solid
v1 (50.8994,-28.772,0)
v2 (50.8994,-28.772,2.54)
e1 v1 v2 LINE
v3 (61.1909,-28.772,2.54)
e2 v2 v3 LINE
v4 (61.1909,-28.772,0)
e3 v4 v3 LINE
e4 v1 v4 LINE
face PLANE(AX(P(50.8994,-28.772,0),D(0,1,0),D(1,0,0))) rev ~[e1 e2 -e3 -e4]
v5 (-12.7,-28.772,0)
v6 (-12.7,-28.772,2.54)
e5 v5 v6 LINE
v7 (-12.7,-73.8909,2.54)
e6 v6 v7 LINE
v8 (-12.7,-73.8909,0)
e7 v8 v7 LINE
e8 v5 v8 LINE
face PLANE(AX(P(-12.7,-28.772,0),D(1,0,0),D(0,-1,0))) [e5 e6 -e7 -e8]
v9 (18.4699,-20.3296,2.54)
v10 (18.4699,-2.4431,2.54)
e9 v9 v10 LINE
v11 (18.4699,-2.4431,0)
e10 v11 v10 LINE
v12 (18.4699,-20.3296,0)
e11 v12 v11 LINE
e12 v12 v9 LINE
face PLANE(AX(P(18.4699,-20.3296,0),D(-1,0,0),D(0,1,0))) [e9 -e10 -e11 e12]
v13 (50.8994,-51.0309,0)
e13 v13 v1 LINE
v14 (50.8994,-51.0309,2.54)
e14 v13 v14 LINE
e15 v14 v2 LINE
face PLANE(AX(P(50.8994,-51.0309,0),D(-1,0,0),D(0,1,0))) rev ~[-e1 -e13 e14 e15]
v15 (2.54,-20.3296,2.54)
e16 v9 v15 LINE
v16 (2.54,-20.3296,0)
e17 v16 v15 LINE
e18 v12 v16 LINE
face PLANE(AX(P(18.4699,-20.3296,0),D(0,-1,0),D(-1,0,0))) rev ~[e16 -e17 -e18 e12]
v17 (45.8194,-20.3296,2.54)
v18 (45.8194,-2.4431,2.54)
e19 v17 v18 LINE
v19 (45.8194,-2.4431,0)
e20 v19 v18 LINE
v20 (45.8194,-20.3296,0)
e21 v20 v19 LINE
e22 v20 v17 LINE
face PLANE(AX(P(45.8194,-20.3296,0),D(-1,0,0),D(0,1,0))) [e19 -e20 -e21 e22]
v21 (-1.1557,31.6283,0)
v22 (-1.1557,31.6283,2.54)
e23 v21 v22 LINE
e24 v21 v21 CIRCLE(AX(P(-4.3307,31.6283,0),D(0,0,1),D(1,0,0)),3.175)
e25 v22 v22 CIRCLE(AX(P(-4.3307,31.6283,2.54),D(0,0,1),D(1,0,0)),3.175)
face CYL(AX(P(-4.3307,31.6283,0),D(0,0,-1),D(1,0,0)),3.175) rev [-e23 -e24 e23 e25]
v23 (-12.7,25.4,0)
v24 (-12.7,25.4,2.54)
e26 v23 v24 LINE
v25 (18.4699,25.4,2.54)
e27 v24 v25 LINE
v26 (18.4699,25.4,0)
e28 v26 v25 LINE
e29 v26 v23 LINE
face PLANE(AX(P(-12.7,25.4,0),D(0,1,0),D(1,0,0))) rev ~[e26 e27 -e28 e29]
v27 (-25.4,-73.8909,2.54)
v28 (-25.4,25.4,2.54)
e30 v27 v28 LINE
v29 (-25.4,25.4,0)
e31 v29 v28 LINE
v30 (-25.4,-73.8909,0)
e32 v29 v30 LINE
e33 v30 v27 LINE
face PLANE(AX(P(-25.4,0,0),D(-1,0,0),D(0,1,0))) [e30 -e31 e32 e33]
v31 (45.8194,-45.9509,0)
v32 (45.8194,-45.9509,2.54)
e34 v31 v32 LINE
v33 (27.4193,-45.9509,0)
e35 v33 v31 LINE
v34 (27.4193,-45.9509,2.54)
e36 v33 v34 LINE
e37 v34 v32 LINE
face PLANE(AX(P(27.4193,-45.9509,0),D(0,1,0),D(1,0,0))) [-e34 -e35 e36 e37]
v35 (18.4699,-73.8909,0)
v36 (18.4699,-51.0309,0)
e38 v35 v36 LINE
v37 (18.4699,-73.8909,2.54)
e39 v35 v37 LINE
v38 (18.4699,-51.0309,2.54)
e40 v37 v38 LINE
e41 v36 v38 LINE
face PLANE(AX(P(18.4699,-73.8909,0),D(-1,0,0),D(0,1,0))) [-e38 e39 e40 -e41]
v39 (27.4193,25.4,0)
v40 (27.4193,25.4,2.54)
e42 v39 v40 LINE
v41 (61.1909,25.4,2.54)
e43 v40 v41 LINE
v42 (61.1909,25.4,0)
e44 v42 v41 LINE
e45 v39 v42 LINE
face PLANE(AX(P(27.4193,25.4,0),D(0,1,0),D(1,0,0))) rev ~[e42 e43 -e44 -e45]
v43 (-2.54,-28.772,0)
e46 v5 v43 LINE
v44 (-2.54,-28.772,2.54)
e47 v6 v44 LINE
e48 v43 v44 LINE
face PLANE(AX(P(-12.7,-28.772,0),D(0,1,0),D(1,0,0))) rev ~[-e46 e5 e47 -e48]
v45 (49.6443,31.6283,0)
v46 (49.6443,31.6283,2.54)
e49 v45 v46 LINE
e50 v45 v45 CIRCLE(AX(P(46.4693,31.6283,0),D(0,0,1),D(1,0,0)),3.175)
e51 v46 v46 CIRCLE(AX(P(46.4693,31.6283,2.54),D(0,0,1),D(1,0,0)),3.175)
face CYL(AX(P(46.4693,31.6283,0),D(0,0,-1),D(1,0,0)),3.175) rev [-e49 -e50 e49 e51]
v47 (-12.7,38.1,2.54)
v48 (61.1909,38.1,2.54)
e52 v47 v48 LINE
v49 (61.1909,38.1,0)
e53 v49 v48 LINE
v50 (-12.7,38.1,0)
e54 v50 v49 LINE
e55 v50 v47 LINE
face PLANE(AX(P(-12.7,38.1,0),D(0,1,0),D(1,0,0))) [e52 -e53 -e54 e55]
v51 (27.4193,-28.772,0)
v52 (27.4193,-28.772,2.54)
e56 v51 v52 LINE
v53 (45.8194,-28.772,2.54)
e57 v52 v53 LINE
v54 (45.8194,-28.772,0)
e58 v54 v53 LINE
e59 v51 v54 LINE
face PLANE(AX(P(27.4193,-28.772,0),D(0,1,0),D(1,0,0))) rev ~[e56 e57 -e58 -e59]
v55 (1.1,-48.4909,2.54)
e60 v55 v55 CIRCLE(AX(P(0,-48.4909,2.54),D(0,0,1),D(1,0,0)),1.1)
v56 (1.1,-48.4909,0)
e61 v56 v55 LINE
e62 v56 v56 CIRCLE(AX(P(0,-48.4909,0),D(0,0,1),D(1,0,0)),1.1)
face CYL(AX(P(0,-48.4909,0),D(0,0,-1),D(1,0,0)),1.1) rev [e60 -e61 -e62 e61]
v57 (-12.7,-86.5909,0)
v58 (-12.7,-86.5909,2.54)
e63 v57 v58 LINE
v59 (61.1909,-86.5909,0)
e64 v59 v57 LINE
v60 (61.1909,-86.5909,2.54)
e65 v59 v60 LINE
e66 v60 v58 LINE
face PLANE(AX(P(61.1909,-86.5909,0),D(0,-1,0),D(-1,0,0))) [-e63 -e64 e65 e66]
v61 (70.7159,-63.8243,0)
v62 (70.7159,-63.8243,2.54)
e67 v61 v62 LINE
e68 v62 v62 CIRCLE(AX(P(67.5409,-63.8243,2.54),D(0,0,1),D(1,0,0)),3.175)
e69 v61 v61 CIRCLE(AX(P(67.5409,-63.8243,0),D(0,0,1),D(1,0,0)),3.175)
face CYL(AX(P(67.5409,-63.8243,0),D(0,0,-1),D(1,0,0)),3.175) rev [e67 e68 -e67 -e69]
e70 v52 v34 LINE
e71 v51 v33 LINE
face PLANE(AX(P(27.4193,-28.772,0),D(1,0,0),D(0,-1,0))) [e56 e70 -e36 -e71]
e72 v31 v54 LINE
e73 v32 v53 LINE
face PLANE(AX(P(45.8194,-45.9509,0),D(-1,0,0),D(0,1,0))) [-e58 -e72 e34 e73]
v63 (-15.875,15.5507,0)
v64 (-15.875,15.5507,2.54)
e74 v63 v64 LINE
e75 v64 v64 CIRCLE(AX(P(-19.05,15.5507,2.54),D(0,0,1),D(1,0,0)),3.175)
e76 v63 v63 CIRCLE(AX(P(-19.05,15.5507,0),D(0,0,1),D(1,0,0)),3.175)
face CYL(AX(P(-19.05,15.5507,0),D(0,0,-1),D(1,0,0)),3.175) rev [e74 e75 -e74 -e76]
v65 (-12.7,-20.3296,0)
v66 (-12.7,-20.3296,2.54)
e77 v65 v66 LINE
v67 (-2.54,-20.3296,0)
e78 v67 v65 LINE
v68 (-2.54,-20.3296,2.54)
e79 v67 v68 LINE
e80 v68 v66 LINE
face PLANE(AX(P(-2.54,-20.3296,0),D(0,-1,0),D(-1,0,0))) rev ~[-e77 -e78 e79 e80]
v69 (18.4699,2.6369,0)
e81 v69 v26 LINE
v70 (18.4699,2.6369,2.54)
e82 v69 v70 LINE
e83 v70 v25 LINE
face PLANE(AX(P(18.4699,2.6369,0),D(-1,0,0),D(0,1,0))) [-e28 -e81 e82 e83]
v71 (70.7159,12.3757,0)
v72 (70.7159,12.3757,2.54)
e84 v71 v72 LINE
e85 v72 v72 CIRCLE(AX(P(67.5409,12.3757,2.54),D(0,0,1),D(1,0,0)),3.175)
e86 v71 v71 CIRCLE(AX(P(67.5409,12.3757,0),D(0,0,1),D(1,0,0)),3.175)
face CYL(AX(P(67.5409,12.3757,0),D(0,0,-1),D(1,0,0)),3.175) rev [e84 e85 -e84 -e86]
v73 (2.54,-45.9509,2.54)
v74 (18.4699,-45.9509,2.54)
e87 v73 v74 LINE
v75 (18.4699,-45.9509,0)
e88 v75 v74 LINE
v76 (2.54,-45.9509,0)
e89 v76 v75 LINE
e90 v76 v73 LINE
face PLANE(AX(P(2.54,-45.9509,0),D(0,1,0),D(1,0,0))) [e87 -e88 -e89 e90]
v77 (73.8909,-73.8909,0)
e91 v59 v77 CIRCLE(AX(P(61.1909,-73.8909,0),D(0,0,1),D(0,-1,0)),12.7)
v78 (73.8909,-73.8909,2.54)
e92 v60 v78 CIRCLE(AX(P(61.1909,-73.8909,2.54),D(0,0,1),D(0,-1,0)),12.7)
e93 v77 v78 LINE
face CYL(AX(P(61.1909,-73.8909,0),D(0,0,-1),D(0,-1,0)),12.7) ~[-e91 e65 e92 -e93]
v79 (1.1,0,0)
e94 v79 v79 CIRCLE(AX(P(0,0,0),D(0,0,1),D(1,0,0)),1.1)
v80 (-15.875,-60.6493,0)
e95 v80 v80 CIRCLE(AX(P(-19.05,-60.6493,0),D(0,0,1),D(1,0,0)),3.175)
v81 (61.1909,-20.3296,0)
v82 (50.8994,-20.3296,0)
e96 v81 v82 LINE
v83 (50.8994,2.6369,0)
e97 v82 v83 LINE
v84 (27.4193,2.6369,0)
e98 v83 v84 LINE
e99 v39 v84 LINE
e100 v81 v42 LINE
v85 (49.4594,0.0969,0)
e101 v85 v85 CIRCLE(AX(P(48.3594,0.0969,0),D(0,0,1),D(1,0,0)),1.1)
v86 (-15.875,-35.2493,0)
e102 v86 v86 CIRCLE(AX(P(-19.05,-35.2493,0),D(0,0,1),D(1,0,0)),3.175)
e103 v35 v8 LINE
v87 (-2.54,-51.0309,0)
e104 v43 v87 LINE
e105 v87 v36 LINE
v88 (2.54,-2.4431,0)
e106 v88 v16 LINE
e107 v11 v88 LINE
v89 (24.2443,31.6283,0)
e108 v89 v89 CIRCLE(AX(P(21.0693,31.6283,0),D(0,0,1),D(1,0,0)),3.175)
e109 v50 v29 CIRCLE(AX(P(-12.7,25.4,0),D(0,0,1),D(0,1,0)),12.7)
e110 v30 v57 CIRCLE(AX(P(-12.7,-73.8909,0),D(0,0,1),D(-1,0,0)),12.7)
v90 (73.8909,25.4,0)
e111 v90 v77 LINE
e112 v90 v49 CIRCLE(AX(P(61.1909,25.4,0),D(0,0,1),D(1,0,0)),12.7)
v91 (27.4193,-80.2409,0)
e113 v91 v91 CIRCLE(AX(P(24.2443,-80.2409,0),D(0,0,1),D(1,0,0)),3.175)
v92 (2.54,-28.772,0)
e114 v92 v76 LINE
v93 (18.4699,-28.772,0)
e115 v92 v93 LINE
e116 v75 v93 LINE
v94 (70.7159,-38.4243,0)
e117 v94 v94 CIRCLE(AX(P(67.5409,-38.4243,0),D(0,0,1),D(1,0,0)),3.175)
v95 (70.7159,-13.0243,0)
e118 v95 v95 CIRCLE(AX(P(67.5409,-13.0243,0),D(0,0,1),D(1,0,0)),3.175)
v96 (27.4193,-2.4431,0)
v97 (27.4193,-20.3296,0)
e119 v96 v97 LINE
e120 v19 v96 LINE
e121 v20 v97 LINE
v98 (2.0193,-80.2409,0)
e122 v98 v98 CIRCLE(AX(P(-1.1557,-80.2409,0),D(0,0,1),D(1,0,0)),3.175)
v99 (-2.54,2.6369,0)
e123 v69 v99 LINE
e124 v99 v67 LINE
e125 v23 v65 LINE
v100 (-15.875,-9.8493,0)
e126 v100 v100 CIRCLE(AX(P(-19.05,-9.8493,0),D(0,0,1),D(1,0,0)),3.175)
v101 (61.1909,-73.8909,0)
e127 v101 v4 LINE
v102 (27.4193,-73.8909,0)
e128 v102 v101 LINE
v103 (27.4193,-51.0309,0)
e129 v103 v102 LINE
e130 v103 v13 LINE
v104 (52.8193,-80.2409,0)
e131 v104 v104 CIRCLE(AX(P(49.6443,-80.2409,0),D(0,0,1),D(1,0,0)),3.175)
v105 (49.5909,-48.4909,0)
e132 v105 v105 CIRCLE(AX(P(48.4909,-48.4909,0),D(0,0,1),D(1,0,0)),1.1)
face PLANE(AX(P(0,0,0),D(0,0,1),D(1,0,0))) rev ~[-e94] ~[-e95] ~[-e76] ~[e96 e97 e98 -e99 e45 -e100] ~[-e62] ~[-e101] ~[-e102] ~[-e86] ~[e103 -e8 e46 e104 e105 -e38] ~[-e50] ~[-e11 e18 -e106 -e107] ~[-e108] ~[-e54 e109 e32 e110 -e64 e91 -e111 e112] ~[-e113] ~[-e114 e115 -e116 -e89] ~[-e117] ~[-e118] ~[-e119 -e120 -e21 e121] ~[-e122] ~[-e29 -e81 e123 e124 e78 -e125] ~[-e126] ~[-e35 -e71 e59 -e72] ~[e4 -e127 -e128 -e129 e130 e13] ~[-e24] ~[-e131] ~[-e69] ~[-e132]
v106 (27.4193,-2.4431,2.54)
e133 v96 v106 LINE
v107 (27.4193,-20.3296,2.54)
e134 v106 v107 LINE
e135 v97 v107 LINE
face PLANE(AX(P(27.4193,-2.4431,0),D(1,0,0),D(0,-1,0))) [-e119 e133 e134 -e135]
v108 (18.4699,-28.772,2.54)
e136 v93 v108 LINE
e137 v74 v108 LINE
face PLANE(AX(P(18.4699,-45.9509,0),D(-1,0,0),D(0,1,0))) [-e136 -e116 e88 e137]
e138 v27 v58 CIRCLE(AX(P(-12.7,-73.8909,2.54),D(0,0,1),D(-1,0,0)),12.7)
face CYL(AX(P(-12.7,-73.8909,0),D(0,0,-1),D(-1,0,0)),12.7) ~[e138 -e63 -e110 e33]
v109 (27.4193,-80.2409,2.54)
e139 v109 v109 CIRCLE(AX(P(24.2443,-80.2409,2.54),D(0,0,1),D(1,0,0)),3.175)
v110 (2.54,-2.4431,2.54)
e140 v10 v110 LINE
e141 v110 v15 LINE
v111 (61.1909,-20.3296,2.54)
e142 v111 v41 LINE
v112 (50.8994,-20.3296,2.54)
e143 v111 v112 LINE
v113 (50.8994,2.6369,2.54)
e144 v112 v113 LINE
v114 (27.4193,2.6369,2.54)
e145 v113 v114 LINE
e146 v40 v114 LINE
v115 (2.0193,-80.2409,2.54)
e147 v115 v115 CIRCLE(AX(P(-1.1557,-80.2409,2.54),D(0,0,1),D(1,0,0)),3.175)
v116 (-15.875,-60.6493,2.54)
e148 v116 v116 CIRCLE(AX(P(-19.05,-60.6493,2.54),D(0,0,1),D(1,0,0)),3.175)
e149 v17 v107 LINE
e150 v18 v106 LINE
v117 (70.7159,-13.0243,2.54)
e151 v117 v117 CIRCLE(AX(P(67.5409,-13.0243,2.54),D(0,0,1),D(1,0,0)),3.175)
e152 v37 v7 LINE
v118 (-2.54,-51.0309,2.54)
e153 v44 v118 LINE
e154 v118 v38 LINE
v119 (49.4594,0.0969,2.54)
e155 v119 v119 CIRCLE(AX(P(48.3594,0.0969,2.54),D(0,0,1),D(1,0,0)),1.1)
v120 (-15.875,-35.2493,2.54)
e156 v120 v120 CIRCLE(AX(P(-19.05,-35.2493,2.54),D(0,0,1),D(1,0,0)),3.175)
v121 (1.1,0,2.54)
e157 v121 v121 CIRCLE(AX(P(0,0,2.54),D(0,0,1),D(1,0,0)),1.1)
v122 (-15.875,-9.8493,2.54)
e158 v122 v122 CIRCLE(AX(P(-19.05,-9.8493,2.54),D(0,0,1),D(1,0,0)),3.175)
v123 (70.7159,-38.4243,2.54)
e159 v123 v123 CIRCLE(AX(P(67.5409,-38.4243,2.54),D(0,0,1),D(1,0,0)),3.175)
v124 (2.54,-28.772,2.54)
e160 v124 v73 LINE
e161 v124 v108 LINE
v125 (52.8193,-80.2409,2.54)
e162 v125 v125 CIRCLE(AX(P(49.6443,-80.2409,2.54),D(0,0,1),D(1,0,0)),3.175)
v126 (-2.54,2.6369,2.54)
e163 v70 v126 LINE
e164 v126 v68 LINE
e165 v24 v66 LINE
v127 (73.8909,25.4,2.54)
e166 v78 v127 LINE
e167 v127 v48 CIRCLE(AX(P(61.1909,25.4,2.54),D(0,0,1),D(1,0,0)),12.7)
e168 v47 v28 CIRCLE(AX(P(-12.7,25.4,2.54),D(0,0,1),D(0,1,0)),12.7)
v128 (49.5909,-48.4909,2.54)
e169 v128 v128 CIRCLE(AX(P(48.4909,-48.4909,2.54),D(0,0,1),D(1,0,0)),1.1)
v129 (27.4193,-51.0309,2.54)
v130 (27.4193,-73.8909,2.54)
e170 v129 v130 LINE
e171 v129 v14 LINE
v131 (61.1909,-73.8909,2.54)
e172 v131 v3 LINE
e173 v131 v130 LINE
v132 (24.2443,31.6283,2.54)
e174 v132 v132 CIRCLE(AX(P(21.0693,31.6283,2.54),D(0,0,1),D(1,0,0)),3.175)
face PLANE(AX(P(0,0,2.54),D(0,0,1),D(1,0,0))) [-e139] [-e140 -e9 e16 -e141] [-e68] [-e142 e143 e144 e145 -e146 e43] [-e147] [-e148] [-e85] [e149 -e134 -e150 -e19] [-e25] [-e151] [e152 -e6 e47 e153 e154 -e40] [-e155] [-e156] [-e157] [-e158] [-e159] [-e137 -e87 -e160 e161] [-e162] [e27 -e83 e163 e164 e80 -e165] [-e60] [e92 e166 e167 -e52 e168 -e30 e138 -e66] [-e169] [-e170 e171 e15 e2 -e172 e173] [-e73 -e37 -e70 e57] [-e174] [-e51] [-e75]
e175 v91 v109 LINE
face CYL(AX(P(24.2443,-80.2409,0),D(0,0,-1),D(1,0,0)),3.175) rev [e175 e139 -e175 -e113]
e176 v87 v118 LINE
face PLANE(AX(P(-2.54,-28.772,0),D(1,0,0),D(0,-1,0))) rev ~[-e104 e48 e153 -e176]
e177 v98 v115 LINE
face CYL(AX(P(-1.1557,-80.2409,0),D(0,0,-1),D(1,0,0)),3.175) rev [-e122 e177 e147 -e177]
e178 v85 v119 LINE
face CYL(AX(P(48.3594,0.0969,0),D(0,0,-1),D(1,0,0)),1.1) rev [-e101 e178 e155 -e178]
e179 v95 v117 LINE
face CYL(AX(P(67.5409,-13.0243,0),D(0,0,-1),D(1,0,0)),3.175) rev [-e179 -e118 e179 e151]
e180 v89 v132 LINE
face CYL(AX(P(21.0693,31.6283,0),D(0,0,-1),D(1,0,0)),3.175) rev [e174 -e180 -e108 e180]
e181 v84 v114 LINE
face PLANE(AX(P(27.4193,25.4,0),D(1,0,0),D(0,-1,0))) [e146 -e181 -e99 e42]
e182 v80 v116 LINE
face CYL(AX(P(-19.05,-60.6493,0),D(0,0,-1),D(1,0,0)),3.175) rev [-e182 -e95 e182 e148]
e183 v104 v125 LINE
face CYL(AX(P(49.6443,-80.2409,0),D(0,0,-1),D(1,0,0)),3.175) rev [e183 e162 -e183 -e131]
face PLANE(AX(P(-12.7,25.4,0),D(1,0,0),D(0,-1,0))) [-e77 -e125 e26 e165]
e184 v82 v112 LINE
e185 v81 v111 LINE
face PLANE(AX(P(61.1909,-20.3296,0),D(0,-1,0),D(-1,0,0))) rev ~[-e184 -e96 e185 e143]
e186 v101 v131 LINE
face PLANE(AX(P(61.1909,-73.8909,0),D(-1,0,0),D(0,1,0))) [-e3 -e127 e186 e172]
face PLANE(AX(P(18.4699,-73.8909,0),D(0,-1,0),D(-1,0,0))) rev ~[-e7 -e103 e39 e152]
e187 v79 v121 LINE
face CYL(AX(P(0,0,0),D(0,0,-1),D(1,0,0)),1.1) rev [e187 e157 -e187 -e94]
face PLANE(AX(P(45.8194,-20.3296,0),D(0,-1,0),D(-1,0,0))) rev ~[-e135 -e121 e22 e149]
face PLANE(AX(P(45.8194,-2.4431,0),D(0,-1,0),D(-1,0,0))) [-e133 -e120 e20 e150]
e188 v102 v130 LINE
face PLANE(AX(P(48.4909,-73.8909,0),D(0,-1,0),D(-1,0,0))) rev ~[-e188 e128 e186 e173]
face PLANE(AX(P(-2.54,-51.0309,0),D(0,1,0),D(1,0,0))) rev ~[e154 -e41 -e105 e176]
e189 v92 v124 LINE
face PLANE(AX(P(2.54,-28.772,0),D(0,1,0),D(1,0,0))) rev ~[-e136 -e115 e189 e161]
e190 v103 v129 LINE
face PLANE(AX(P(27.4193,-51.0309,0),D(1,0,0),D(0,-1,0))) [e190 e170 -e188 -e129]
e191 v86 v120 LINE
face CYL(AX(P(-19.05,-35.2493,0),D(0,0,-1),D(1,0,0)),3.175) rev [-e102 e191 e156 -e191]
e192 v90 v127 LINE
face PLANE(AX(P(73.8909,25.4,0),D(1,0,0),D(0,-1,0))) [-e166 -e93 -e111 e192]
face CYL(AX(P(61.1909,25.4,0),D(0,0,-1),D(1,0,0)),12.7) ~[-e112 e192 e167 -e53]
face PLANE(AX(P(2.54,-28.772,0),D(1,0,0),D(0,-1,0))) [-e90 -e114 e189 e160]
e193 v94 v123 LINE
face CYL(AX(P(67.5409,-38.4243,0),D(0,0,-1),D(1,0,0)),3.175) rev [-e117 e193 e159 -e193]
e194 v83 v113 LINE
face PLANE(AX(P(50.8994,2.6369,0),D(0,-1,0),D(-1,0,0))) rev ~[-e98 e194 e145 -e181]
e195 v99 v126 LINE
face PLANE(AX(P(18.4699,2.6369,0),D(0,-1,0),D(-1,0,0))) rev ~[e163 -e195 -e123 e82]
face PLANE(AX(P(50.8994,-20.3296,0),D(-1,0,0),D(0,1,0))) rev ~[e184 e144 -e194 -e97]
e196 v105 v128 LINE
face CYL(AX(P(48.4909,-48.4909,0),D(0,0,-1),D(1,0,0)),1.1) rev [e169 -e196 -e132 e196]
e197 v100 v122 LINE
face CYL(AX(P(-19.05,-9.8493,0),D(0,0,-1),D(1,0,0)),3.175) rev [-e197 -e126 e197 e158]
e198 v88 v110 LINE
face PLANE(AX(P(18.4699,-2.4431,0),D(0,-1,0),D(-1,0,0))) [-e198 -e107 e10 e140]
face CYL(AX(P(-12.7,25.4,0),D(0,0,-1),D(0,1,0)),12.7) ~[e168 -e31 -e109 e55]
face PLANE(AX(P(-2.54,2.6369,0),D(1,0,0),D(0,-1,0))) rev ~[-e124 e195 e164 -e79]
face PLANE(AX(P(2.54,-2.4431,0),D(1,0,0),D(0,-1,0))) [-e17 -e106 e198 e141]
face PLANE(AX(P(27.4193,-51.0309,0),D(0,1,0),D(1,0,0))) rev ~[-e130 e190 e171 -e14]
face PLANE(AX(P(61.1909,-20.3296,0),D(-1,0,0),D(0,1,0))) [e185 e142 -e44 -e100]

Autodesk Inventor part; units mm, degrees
ref_plane "YZ Plane" through (0, 0, 0) normal (1, 0, 0) x (0, 1, 0)
ref_plane "XZ Plane" through (0, 0, 0) normal (0, 1, 0) x (-1, 0, 0)
ref_plane "XY Plane" through (0, 0, 0) normal (0, 0, 1) x (1, 0, 0)
sketch "Sketch1" plane through (0, 0, 0) normal (0, 0, 1) x (1, 0, 0)
  line L0 (-25.4, 0) -> (-25.4, 25.4)
  line L1 (-25.4, 25.4) -> (0, 25.4)
  circle A0 centre (48.4909, -48.4909) radius 1.1 projected
  line L2 (73.8909, -48.4909) -> (73.8909, -73.8909)
  line L3 (73.8909, -73.8909) -> (48.4909, -73.8909)
  line L4 (73.8909, -73.8909) -> (-25.4, -73.8909)
  line L5 (-25.4, -73.8909) -> (-25.4, 25.4)
  line L6 (-25.4, 25.4) -> (73.8909, 25.4)
  line L7 (73.8909, 25.4) -> (73.8909, -73.8909)
  line L8 (73.8909, -73.8909) -> (-25.4, -73.8909)
  line L9 (-25.4, -73.8909) -> (-25.4, -61.1909)
  line L10 (73.8909, -61.1909) -> (73.8909, -73.8909)
  line L11 (73.8909, 25.4) -> (-25.4, 25.4)
  line L12 (-25.4, 25.4) -> (-25.4, 12.7)
  line L13 (73.8909, 12.7) -> (73.8909, 25.4)
  line L14 (-25.4, -73.8909) -> (-12.7, -73.8909)
  line L15 (-12.7, 25.4) -> (-25.4, 25.4)
  line L16 (-25.4, 25.4) -> (-25.4, -73.8909)
  line L17 (73.8909, -73.8909) -> (61.1909, -73.8909)
  line L18 (61.1909, 25.4) -> (73.8909, 25.4)
  line L19 (73.8909, 25.4) -> (73.8909, -73.8909)
  line L20 (-12.7, -73.8909) -> (61.1909, -73.8909)
  line L21 (61.1909, -73.8909) -> (61.1909, -86.5909)
  line L22 (61.1909, -86.5909) -> (-12.7, -86.5909)
  line L23 (-12.7, -86.5909) -> (-12.7, -73.8909)
  line L24 (61.1909, 25.4) -> (-12.7, 25.4)
  line L25 (-12.7, 25.4) -> (-12.7, 38.1)
  line L26 (-12.7, 38.1) -> (61.1909, 38.1)
  line L27 (61.1909, 38.1) -> (61.1909, 25.4)
  line L28 (61.1909, -73.8909) -> (61.1909, 25.4)
  line L29 (-12.7, 25.4) -> (-12.7, -73.8909)
  circle A1 centre (-1.1557, -80.2409) radius 3.175
  circle A2 centre (24.2443, -80.2409) radius 3.175
  circle A3 centre (49.6443, -80.2409) radius 3.175
  circle A4 centre (-4.3307, 31.6283) radius 3.175
  circle A5 centre (21.0693, 31.6283) radius 3.175
  circle A6 centre (46.4693, 31.6283) radius 3.175
  circle A7 centre (-19.05, 15.5507) radius 3.175
  circle A8 centre (-19.05, -9.8493) radius 3.175
  circle A9 centre (-19.05, -35.2493) radius 3.175
  circle A10 centre (-19.05, -60.6493) radius 3.175
  circle A11 centre (67.5409, 12.3757) radius 3.175
  circle A12 centre (67.5409, -13.0243) radius 3.175
  circle A13 centre (67.5409, -38.4243) radius 3.175
  circle A14 centre (67.5409, -63.8243) radius 3.175
  line L30 (27.4193, -73.8909) -> (18.4699, -73.8909)
  line L31 (18.4699, -73.8909) -> (18.4699, 25.4)
  line L32 (18.4699, 25.4) -> (27.4193, 25.4)
  line L33 (27.4193, 25.4) -> (27.4193, -73.8909)
  line L34 (-12.7, -28.772) -> (61.1909, -28.772)
  line L35 (61.1909, -28.772) -> (61.1909, -20.3296)
  line L36 (61.1909, -20.3296) -> (-12.7, -20.3296)
  line L37 (-12.7, -20.3296) -> (-12.7, -28.772)
  arc A15 (-25.4, -73.8909) -> (-12.7, -86.5909) centre (-12.7, -73.8909) ccw
  arc A16 (61.1909, -86.5909) -> (73.8909, -73.8909) centre (61.1909, -73.8909) ccw
  arc A17 (-12.7, 38.1) -> (-25.4, 25.4) centre (-12.7, 25.4) ccw
  arc A18 (73.8909, 25.4) -> (61.1909, 38.1) centre (61.1909, 25.4) ccw
  circle A19 centre (0, -48.4909) radius 1.1 projected
  circle A20 centre (0, 0) radius 1.1 projected
  circle A21 centre (48.3594, 0.0969) radius 1.1 projected
  circle A22 centre (48.4909, -48.4909) radius 1.1 projected
  line L38 (-2.54, -51.0309) -> (50.8994, -51.0309)
  line L39 (50.8994, -51.0309) -> (50.8994, 2.6369)
  line L40 (50.8994, 2.6369) -> (-2.54, 2.6369)
  line L41 (-2.54, 2.6369) -> (-2.54, -51.0309)
  line L42 (2.54, -45.9509) -> (45.8194, -45.9509)
  line L43 (45.8194, -45.9509) -> (45.8194, -2.4431)
  line L44 (45.8194, -2.4431) -> (2.54, -2.4431)
  line L45 (2.54, -2.4431) -> (2.54, -45.9509)
  point P0 (0, 0)
  point P1 (24.2455, -24.2455)
  point P2 (27.4193, -20.3296)
  point P3 (18.4699, -20.3296)
  point P4 (-12.7, -20.3296)
  point P5 (18.4699, -28.772)
  point P6 (27.4193, -28.772)
  point P7 (45.8194, -28.772)
  point P8 (27.4193, -45.9509)
  point P9 (27.4193, -51.0309)
  point P10 (50.8994, -28.772)
  point P11 (27.4193, -2.4431)
  point P12 (45.8194, -20.3296)
  point P13 (50.8994, -20.3296)
  point P14 (27.4193, 2.6369)
  point P15 (2.54, -20.3296)
  point P16 (18.4699, -2.4431)
  point P17 (18.4699, 2.6369)
  point P18 (-2.54, -20.3296)
  point P19 (2.54, -28.772)
  point P20 (-2.54, -28.772)
  point P21 (18.4699, -51.0309)
  point P22 (18.4699, -45.9509)
  dimension "d0" = 25.4
  dimension "d1" = 25.4
  dimension "d2" = 25.4
  dimension "d3" = 25.4
  dimension "d4" = 12.7
  dimension "d5" = 12.7
  dimension "d6" = 12.7
  dimension "d7" = 12.7
  dimension "d8" = 12.7
  dimension "d9" = 12.7
  dimension "d10" = 6.35
  dimension "d11" = 11.5443
  dimension "d14" = 25.4
  dimension "d21" = 6.35
  dimension "d24" = 25.4
  dimension "d29" = 6.35
  dimension "d32" = 25.4
  dimension "d37" = 6.35
  dimension "d40" = 25.4
extrude "Extrusion1" add sketch "Sketch1" along normal blind 2.54 contours L0 L1 L29 L4 L5 | A17 L25 L1 | L4 L23 A15 | L25 L26 L27 L6 L1 | L4 L3 L21 L22 L23 | L36 L41 L34 L29 | A18 L6 L27 | L31 L38 L33 L4 | L21 L3 A16 | L6 L33 L40 L31 | L41 L40 L31 L44 L45 L36 | L36 L45 L34 L41 | L6 L7 L2 L3 L28 | L38 L41 L34 L45 L42 L31 | L31 L42 L33 L38 | L40 L33 L44 L31 | L36 L31 L34 L45 | L28 L34 L39 L36 | L33 L42 L43 L34 L39 L38 | L31 L34 L33 L42 | L40 L39 L36 L43 L44 L33 | L44 L33 L36 L31 | L36 L33 L34 L31 | L39 L34 L43 L36 | L36 L43 L34 L33
properties part number "top" material "ABS Plastic"
